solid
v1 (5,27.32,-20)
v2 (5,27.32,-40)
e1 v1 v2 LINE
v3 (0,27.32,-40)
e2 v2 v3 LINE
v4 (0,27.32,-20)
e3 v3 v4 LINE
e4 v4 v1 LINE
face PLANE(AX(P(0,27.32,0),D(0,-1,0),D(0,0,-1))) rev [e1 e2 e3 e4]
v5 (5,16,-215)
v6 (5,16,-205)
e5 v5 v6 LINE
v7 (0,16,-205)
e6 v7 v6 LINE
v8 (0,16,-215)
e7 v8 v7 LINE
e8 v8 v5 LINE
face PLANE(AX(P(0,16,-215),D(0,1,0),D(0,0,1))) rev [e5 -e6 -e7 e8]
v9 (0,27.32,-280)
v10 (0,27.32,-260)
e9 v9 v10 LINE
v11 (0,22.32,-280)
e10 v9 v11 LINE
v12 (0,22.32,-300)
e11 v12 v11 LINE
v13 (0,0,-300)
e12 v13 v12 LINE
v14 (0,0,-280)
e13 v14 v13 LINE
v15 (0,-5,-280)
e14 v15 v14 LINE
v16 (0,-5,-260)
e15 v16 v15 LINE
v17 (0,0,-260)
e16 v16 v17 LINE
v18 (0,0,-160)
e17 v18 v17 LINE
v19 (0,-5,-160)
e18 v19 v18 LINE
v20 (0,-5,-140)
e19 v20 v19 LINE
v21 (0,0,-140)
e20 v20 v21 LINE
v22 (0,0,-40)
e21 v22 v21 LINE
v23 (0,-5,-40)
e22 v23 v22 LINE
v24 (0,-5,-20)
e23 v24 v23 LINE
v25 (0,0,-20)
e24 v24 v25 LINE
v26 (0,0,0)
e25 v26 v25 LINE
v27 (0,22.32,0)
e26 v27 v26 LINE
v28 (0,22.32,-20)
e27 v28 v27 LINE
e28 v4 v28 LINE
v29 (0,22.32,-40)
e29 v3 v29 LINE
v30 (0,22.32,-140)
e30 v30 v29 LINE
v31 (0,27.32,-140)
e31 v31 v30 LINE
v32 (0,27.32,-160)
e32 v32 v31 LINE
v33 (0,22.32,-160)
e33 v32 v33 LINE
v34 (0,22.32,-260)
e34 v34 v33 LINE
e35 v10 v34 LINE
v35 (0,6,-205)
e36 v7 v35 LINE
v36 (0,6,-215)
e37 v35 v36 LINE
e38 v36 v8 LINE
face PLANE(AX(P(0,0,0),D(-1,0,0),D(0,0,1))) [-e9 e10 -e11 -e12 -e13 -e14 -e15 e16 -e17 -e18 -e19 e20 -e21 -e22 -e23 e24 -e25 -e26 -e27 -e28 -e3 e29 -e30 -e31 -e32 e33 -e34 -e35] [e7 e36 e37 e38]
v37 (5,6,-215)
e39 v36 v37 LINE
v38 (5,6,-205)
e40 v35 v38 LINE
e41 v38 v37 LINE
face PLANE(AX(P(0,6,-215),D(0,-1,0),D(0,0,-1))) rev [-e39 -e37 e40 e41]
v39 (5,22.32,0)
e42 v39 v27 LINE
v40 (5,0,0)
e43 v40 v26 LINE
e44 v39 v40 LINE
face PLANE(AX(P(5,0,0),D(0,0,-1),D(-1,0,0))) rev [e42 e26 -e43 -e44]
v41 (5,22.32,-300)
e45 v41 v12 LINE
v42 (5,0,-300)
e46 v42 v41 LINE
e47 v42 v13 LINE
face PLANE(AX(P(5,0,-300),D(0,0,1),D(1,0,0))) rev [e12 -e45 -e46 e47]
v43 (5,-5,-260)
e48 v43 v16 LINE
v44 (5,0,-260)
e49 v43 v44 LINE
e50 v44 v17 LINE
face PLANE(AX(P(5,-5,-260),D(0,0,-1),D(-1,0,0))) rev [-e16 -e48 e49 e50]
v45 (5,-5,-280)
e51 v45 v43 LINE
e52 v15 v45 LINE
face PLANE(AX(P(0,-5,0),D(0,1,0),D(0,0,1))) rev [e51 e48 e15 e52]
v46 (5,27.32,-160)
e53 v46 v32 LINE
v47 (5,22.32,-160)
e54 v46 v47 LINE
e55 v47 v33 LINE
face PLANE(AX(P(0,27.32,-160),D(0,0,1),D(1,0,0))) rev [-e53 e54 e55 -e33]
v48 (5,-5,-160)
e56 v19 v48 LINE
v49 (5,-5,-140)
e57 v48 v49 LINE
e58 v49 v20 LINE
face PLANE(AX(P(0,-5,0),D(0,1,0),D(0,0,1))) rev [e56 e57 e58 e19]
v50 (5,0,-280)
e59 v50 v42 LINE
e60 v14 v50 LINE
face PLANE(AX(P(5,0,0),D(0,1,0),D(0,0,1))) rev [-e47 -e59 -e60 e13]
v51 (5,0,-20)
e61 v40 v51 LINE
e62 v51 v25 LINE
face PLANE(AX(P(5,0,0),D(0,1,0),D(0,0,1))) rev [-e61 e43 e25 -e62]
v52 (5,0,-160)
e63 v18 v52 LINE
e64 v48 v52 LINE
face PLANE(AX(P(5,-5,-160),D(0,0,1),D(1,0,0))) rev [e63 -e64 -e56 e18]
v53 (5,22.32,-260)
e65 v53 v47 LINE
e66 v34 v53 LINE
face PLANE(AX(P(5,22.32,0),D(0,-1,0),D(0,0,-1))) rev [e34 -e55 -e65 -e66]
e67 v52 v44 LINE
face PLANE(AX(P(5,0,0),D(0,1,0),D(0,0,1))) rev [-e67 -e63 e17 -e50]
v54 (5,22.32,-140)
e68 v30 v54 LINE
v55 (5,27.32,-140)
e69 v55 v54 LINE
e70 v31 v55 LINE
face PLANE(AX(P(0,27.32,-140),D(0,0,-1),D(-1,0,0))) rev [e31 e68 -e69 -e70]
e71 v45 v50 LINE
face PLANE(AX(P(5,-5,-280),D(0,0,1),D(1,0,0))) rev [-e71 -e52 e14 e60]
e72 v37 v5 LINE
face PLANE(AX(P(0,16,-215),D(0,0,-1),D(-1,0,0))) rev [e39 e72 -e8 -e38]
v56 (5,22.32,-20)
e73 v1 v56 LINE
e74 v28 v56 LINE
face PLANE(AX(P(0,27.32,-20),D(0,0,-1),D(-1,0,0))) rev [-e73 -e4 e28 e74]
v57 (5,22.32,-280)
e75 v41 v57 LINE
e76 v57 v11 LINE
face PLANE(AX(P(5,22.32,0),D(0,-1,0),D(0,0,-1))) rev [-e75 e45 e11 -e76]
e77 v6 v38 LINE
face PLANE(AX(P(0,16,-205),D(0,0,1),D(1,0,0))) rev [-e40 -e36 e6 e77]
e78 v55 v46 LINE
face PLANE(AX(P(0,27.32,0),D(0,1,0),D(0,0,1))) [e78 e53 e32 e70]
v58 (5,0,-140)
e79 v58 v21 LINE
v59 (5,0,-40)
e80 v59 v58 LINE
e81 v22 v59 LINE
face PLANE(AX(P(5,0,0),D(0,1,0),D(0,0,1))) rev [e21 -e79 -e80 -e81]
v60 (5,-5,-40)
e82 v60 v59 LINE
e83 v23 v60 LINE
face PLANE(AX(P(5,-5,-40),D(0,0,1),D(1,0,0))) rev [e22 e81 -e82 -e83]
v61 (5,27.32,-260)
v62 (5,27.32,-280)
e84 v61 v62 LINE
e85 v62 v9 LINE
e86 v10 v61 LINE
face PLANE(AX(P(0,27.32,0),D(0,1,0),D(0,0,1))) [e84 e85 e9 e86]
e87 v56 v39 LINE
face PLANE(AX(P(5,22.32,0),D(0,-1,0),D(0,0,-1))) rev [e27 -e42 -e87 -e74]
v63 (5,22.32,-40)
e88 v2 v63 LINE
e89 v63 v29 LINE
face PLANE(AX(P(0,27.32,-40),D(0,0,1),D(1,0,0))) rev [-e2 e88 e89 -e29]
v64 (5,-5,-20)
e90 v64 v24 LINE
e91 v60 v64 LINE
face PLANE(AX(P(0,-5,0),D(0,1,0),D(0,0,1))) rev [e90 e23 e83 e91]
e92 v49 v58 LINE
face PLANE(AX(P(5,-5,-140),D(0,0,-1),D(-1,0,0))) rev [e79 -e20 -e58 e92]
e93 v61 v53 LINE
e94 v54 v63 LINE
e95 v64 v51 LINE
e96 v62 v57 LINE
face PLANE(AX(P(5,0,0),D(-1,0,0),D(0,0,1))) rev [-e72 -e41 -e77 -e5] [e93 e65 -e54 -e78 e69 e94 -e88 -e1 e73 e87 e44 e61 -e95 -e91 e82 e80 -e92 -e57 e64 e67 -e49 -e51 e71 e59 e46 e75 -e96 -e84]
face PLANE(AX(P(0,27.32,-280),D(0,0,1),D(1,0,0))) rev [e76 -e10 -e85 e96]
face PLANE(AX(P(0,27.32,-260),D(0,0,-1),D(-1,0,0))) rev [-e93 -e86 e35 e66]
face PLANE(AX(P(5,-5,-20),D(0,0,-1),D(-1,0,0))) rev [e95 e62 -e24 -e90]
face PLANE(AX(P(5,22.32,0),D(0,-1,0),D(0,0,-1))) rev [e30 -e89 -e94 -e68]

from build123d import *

# Parameters (mm, degrees)
SKETCH1_W           = 300
SKETCH1_H           = 22.32
BOSS_EXTRUDE1_DEPTH = 5
SKETCH2_W           = 5
SKETCH2_H           = 20
BOSS_EXTRUDE2_DEPTH = 5
SKETCH3_W           = 5
SKETCH3_H           = 20
BOSS_EXTRUDE3_DEPTH = 5
SKETCH4_W           = 10
SKETCH4_H           = 10
CUT_EXTRUDE1_DEPTH  = 5


with BuildPart() as part:
    # Sketch1 → Boss-Extrude1 (new body)
    with BuildSketch(Plane(origin=(0, 0, 0), x_dir=(0, 0, -1), z_dir=(1, 0, 0))):
        with Locations((150, 11.16)):
            Rectangle(SKETCH1_W, SKETCH1_H)
    extrude(amount=BOSS_EXTRUDE1_DEPTH)

    # Sketch2 → Boss-Extrude2 (add)
    with BuildSketch(Plane(origin=(0, 22.32, 0), x_dir=(1, 0, 0), z_dir=(0, 1, 0))):
        with Locations((2.5, 30)):
            Rectangle(SKETCH2_W, SKETCH2_H)
        with Locations((2.5, 270)):
            Rectangle(SKETCH2_W, SKETCH2_H)
        with Locations((2.5, 150)):
            Rectangle(SKETCH2_W, SKETCH2_H)
    extrude(amount=BOSS_EXTRUDE2_DEPTH)

    # Sketch3 → Boss-Extrude3 (add)
    with BuildSketch(Plane.XZ):
        with Locations((2.5, -30)):
            Rectangle(SKETCH3_W, SKETCH3_H)
        with Locations((2.5, -150)):
            Rectangle(SKETCH3_W, SKETCH3_H)
        with Locations((2.5, -270)):
            Rectangle(SKETCH3_W, SKETCH3_H)
    extrude(amount=BOSS_EXTRUDE3_DEPTH)

    # Sketch4 → Cut-Extrude1 (cut)
    with BuildSketch(Plane(origin=(5, 0, 0), x_dir=(0, 0, -1), z_dir=(1, 0, 0))):
        with Locations((210, 11)):
            Rectangle(SKETCH4_W, SKETCH4_H)
    extrude(amount=-CUT_EXTRUDE1_DEPTH, mode=Mode.SUBTRACT)


solid = part.part
